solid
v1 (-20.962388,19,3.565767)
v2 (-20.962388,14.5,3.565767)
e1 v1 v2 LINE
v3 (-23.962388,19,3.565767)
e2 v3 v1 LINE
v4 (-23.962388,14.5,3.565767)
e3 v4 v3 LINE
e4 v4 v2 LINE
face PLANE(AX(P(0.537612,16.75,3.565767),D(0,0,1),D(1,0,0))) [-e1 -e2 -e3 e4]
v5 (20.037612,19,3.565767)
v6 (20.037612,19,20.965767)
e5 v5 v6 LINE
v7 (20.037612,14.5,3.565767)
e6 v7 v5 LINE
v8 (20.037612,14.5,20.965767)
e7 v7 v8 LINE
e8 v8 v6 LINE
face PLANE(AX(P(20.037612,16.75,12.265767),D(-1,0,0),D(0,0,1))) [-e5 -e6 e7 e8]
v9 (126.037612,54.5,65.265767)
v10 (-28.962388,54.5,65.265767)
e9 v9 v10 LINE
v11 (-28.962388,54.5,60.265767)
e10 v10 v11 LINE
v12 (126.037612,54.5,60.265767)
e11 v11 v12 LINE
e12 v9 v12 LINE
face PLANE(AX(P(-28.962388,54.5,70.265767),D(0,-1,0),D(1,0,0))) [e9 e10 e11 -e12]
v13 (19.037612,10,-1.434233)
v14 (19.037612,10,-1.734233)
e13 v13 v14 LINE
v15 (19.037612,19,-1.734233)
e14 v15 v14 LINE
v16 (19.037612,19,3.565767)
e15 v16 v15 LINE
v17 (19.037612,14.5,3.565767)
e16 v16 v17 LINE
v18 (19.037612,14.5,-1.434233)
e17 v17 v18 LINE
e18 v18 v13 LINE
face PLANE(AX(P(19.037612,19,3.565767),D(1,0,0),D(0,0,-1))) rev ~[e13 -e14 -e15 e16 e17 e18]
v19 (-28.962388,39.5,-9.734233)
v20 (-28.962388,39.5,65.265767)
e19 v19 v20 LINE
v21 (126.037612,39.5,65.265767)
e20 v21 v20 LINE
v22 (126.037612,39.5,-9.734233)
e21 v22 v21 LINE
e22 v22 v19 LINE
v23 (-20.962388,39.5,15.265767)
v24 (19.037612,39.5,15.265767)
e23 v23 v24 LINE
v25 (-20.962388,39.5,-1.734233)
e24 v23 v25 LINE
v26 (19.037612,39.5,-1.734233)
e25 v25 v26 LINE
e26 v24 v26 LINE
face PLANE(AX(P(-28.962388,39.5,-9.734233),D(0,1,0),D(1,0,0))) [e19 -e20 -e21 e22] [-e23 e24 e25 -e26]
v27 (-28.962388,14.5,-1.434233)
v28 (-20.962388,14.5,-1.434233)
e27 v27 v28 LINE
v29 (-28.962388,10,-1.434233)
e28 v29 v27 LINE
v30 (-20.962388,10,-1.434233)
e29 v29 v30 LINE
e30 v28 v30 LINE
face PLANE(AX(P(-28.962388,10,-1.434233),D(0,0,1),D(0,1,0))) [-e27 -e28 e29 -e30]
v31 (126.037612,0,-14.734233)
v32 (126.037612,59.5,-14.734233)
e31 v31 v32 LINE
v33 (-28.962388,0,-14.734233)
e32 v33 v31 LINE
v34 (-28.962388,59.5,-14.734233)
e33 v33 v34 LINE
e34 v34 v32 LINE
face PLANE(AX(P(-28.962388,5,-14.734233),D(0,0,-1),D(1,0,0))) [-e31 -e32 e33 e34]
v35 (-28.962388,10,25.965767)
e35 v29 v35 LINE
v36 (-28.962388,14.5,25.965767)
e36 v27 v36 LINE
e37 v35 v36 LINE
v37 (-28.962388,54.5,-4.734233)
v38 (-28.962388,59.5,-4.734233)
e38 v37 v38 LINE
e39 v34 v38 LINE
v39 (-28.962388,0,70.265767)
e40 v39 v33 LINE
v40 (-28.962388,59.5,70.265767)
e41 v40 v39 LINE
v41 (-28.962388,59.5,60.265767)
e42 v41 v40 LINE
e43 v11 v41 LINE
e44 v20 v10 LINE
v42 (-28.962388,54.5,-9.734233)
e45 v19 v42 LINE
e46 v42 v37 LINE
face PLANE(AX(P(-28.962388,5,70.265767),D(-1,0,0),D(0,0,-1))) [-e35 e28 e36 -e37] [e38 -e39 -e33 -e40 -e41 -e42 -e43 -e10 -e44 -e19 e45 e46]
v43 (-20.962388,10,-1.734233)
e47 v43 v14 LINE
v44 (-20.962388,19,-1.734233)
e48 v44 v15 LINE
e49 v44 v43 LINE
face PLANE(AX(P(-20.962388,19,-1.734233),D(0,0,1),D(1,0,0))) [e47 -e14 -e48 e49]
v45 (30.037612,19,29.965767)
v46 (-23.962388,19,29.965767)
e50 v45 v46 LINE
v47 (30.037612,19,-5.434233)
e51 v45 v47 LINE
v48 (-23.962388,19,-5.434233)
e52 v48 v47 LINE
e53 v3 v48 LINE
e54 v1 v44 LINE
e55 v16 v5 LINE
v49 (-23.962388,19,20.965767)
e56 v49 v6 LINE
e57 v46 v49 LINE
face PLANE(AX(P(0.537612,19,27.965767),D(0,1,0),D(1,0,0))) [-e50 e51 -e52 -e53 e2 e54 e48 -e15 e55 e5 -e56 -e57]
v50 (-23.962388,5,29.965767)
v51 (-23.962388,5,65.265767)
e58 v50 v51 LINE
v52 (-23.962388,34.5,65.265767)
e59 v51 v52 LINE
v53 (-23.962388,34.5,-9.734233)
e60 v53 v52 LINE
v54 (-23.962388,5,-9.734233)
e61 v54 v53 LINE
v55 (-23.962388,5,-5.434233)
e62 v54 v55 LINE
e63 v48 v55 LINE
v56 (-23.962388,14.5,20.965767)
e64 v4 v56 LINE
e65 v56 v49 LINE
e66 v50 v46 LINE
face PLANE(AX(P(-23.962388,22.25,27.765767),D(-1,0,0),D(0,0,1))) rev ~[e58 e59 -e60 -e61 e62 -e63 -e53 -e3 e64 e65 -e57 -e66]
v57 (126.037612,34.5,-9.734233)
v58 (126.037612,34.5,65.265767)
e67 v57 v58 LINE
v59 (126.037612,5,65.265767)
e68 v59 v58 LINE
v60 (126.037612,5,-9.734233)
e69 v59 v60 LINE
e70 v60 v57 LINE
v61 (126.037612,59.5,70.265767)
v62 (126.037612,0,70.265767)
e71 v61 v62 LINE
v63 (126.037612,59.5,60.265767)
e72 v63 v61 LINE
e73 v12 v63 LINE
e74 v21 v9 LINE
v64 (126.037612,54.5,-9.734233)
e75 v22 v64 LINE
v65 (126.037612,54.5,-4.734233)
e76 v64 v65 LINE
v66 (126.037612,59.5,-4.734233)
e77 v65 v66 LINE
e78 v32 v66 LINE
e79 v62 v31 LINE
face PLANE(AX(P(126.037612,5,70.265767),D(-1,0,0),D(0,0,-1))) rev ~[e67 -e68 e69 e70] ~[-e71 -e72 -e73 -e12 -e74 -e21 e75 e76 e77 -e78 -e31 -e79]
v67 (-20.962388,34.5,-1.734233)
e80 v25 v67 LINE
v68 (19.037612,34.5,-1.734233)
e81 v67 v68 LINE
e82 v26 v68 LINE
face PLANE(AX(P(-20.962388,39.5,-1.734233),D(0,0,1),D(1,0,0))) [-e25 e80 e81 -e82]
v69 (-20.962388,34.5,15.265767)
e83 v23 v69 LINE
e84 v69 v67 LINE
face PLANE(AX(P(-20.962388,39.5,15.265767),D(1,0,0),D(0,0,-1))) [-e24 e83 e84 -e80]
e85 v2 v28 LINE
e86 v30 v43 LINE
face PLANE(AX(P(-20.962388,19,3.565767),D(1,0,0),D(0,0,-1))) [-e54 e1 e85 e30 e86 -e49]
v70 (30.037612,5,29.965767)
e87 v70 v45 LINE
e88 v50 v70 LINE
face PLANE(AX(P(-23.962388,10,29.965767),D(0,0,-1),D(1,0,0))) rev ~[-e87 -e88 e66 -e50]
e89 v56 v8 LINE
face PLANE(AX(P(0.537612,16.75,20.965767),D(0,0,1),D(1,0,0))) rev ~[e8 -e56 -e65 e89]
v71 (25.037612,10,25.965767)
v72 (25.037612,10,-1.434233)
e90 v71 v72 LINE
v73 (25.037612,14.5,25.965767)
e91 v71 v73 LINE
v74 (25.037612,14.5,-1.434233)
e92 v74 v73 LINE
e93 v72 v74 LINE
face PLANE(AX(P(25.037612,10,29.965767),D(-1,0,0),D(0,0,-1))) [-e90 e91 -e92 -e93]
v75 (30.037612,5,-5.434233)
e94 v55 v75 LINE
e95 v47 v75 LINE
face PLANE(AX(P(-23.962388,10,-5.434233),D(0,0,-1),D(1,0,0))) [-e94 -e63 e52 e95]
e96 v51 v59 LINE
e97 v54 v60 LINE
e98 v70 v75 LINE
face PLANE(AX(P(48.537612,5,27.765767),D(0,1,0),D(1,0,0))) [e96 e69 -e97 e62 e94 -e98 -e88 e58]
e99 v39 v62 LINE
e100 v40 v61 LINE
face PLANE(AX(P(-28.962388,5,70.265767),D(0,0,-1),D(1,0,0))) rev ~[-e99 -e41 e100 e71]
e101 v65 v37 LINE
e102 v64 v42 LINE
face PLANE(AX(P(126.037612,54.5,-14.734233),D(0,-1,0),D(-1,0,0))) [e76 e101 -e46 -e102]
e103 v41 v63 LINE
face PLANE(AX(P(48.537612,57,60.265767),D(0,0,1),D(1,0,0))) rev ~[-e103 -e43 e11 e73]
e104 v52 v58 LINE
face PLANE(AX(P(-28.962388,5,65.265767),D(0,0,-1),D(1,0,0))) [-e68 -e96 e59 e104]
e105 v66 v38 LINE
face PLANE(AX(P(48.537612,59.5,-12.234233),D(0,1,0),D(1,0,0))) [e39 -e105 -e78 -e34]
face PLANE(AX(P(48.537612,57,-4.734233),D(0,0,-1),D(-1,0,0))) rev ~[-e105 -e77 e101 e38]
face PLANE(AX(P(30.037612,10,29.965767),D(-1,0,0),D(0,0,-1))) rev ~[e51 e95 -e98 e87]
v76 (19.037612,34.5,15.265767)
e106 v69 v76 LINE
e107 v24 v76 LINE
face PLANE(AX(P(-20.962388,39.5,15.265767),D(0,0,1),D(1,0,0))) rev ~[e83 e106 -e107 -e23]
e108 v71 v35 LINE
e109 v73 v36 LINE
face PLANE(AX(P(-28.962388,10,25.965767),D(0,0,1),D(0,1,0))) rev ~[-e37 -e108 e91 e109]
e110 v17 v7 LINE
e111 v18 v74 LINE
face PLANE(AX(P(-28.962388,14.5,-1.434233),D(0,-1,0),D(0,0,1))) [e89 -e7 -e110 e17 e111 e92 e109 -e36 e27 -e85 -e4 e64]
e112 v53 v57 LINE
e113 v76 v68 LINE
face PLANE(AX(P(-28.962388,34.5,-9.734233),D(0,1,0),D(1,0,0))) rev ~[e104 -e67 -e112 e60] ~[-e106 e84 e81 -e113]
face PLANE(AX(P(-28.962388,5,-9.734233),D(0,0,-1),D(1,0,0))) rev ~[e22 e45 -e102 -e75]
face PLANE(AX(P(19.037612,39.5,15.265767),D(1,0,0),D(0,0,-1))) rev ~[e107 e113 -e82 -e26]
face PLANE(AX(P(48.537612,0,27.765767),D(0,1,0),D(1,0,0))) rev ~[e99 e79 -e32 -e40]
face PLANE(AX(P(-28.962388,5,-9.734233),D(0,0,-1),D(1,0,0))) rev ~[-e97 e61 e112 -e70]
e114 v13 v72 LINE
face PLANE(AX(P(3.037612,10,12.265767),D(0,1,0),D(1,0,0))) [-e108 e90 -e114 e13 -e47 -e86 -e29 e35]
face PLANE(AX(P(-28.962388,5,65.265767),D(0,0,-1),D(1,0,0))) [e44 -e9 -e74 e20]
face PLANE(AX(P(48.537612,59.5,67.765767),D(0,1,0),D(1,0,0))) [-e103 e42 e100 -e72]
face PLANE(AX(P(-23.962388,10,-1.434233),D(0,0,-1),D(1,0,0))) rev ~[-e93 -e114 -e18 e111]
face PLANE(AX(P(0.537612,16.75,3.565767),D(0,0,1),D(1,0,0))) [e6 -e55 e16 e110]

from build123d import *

# Parameters (mm, degrees)
SKETCH1_W            = 155
SKETCH1_H            = 85
BOSS_EXTRUDE1_DEPTH  = 5
SKETCH2_W            = 54
SKETCH2_H            = 35.4
BOSS_EXTRUDE19_DEPTH = 5
SKETCH14_W           = 5
SKETCH14_H           = 35.4
BOSS_EXTRUDE23_DEPTH = 9
SKETCH17_W           = 49
SKETCH17_H           = 4
BOSS_EXTRUDE24_DEPTH = 9
SKETCH18_W           = 49
SKETCH18_H           = 4.5
BOSS_EXTRUDE25_DEPTH = 5
SKETCH19_W           = 17.4
SKETCH19_H           = 4.5
BOSS_EXTRUDE26_DEPTH = 5
SKETCH20_W           = 49
SKETCH20_H           = 4
BOSS_EXTRUDE27_DEPTH = 9
SKETCH21_W           = 49
SKETCH21_H           = 4.5
BOSS_EXTRUDE28_DEPTH = 9
SKETCH24_W           = 40
SKETCH24_H           = 5.3
CUT_EXTRUDE3_DEPTH   = 9
SKETCH26_W           = 155
SKETCH26_H           = 5
BOSS_EXTRUDE29_DEPTH = 54.5
SKETCH27_W           = 155
SKETCH27_H           = 5
BOSS_EXTRUDE30_DEPTH = 75
SKETCH28_W           = 155
SKETCH28_H           = 5
BOSS_EXTRUDE31_DEPTH = 54.5
SKETCH29_W           = 75
SKETCH29_H           = 34.5
BOSS_EXTRUDE32_DEPTH = 5
SKETCH30_W           = 40
SKETCH30_H           = 17
CUT_EXTRUDE4_DEPTH   = 5
SKETCH31_W           = 27.4
SKETCH31_H           = 4.5
CUT_EXTRUDE6_DEPTH   = 5
SKETCH32_W           = 155
SKETCH32_H           = 5
BOSS_EXTRUDE33_DEPTH = 10
SKETCH33_W           = 155
SKETCH33_H           = 5
BOSS_EXTRUDE34_DEPTH = 10


with BuildPart() as part:
    # Sketch1 → Boss-Extrude1 (new body)
    with BuildSketch(Plane(origin=(0, 0, 0), x_dir=(1, 0, 0), z_dir=(0, 1, 0))):
        with Locations((48.537611559, -27.765767023)):
            Rectangle(SKETCH1_W, SKETCH1_H)
    extrude(amount=BOSS_EXTRUDE1_DEPTH)

    # Sketch2 → Boss-Extrude19 (add)
    with BuildSketch(Plane(origin=(0, 5, 0), x_dir=(1, 0, 0), z_dir=(0, 1, 0))):
        with Locations((3.037611559, -12.265767023)):
            Rectangle(SKETCH2_W, SKETCH2_H)
    extrude(amount=BOSS_EXTRUDE19_DEPTH)

    # Sketch14 → Boss-Extrude23 (add)
    with BuildSketch(Plane(origin=(0, 10, 0), x_dir=(1, 0, 0), z_dir=(0, 1, 0))):
        with Locations((27.537611559, -12.265767023)):
            Rectangle(SKETCH14_W, SKETCH14_H)
    extrude(amount=BOSS_EXTRUDE23_DEPTH)

    # Sketch17 → Boss-Extrude24 (add)
    with BuildSketch(Plane(origin=(0, 10, 0), x_dir=(1, 0, 0), z_dir=(0, 1, 0))):
        with Locations((0.537611559, 3.434232977)):
            Rectangle(SKETCH17_W, SKETCH17_H)
    extrude(amount=BOSS_EXTRUDE24_DEPTH)

    # Sketch18 → Boss-Extrude25 (add)
    with BuildSketch(Plane.XY.offset(-1.434232977)):
        with Locations((0.537611559, 16.75)):
            Rectangle(SKETCH18_W, SKETCH18_H)
    extrude(amount=BOSS_EXTRUDE25_DEPTH)

    # Sketch19 → Boss-Extrude26 (add)
    with BuildSketch(Plane.ZY.offset(-25.037611559)):
        with Locations((12.265767023, 16.75)):
            Rectangle(SKETCH19_W, SKETCH19_H)
    extrude(amount=BOSS_EXTRUDE26_DEPTH)

    # Sketch20 → Boss-Extrude27 (add)
    with BuildSketch(Plane(origin=(0, 10, 0), x_dir=(1, 0, 0), z_dir=(0, 1, 0))):
        with Locations((0.537611559, -27.965767023)):
            Rectangle(SKETCH20_W, SKETCH20_H)
    extrude(amount=BOSS_EXTRUDE27_DEPTH)

    # Sketch21 → Boss-Extrude28 (add)
    with BuildSketch(Plane.XY.offset(29.965767023)):
        with Locations((0.537611559, 16.75)):
            Rectangle(SKETCH21_W, SKETCH21_H)
    extrude(amount=-BOSS_EXTRUDE28_DEPTH)

    # Sketch24 → Cut-Extrude3 (cut)
    with BuildSketch(Plane(origin=(0, 19, 0), x_dir=(1, 0, 0), z_dir=(0, 1, 0))):
        with Locations((-0.962388441, -0.915767023)):
            Rectangle(SKETCH24_W, SKETCH24_H)
    extrude(amount=-CUT_EXTRUDE3_DEPTH, mode=Mode.SUBTRACT)

    # Sketch26 → Boss-Extrude29 (add)
    with BuildSketch(Plane(origin=(0, 5, 0), x_dir=(1, 0, 0), z_dir=(0, 1, 0))):
        with Locations((48.537611559, 12.234232977)):
            Rectangle(SKETCH26_W, SKETCH26_H)
    extrude(amount=BOSS_EXTRUDE29_DEPTH)

    # Sketch27 → Boss-Extrude30 (add)
    with BuildSketch(Plane.XY.offset(-9.734232977)):
        with Locations((48.537611559, 37)):
            Rectangle(SKETCH27_W, SKETCH27_H)
    extrude(amount=BOSS_EXTRUDE30_DEPTH)

    # Sketch28 → Boss-Extrude31 (add)
    with BuildSketch(Plane(origin=(0, 5, 0), x_dir=(1, 0, 0), z_dir=(0, 1, 0))):
        with Locations((48.537611559, -67.765767023)):
            Rectangle(SKETCH28_W, SKETCH28_H)
    extrude(amount=BOSS_EXTRUDE31_DEPTH)

    # Sketch29 → Boss-Extrude32 (add)
    with BuildSketch(Plane.ZY.offset(28.962388441)):
        with Locations((27.765767023, 22.25)):
            Rectangle(SKETCH29_W, SKETCH29_H)
    extrude(amount=-BOSS_EXTRUDE32_DEPTH)

    # Sketch30 → Cut-Extrude4 (cut)
    with BuildSketch(Plane(origin=(0, 39.5, 0), x_dir=(1, 0, 0), z_dir=(0, 1, 0))):
        with Locations((-0.962388441, -6.765767023)):
            Rectangle(SKETCH30_W, SKETCH30_H)
    extrude(amount=-CUT_EXTRUDE4_DEPTH, mode=Mode.SUBTRACT)

    # Sketch31 → Cut-Extrude6 (cut)
    with BuildSketch(Plane.ZY.offset(28.962388441)):
        with Locations((12.265767023, 12.25)):
            Rectangle(SKETCH31_W, SKETCH31_H)
    extrude(amount=-CUT_EXTRUDE6_DEPTH, mode=Mode.SUBTRACT)

    # Sketch32 → Boss-Extrude33 (add)
    with BuildSketch(Plane.XY.offset(70.265767023)):
        with Locations((48.537611559, 57)):
            Rectangle(SKETCH32_W, SKETCH32_H)
    extrude(amount=-BOSS_EXTRUDE33_DEPTH)

    # Sketch33 → Boss-Extrude34 (add)
    with BuildSketch(Plane(origin=(0, 0, -14.734232977), x_dir=(-1, 0, 0), z_dir=(0, 0, -1))):
        with Locations((-48.537611559, 57)):
            Rectangle(SKETCH33_W, SKETCH33_H)
    extrude(amount=-BOSS_EXTRUDE34_DEPTH)


solid = part.part
